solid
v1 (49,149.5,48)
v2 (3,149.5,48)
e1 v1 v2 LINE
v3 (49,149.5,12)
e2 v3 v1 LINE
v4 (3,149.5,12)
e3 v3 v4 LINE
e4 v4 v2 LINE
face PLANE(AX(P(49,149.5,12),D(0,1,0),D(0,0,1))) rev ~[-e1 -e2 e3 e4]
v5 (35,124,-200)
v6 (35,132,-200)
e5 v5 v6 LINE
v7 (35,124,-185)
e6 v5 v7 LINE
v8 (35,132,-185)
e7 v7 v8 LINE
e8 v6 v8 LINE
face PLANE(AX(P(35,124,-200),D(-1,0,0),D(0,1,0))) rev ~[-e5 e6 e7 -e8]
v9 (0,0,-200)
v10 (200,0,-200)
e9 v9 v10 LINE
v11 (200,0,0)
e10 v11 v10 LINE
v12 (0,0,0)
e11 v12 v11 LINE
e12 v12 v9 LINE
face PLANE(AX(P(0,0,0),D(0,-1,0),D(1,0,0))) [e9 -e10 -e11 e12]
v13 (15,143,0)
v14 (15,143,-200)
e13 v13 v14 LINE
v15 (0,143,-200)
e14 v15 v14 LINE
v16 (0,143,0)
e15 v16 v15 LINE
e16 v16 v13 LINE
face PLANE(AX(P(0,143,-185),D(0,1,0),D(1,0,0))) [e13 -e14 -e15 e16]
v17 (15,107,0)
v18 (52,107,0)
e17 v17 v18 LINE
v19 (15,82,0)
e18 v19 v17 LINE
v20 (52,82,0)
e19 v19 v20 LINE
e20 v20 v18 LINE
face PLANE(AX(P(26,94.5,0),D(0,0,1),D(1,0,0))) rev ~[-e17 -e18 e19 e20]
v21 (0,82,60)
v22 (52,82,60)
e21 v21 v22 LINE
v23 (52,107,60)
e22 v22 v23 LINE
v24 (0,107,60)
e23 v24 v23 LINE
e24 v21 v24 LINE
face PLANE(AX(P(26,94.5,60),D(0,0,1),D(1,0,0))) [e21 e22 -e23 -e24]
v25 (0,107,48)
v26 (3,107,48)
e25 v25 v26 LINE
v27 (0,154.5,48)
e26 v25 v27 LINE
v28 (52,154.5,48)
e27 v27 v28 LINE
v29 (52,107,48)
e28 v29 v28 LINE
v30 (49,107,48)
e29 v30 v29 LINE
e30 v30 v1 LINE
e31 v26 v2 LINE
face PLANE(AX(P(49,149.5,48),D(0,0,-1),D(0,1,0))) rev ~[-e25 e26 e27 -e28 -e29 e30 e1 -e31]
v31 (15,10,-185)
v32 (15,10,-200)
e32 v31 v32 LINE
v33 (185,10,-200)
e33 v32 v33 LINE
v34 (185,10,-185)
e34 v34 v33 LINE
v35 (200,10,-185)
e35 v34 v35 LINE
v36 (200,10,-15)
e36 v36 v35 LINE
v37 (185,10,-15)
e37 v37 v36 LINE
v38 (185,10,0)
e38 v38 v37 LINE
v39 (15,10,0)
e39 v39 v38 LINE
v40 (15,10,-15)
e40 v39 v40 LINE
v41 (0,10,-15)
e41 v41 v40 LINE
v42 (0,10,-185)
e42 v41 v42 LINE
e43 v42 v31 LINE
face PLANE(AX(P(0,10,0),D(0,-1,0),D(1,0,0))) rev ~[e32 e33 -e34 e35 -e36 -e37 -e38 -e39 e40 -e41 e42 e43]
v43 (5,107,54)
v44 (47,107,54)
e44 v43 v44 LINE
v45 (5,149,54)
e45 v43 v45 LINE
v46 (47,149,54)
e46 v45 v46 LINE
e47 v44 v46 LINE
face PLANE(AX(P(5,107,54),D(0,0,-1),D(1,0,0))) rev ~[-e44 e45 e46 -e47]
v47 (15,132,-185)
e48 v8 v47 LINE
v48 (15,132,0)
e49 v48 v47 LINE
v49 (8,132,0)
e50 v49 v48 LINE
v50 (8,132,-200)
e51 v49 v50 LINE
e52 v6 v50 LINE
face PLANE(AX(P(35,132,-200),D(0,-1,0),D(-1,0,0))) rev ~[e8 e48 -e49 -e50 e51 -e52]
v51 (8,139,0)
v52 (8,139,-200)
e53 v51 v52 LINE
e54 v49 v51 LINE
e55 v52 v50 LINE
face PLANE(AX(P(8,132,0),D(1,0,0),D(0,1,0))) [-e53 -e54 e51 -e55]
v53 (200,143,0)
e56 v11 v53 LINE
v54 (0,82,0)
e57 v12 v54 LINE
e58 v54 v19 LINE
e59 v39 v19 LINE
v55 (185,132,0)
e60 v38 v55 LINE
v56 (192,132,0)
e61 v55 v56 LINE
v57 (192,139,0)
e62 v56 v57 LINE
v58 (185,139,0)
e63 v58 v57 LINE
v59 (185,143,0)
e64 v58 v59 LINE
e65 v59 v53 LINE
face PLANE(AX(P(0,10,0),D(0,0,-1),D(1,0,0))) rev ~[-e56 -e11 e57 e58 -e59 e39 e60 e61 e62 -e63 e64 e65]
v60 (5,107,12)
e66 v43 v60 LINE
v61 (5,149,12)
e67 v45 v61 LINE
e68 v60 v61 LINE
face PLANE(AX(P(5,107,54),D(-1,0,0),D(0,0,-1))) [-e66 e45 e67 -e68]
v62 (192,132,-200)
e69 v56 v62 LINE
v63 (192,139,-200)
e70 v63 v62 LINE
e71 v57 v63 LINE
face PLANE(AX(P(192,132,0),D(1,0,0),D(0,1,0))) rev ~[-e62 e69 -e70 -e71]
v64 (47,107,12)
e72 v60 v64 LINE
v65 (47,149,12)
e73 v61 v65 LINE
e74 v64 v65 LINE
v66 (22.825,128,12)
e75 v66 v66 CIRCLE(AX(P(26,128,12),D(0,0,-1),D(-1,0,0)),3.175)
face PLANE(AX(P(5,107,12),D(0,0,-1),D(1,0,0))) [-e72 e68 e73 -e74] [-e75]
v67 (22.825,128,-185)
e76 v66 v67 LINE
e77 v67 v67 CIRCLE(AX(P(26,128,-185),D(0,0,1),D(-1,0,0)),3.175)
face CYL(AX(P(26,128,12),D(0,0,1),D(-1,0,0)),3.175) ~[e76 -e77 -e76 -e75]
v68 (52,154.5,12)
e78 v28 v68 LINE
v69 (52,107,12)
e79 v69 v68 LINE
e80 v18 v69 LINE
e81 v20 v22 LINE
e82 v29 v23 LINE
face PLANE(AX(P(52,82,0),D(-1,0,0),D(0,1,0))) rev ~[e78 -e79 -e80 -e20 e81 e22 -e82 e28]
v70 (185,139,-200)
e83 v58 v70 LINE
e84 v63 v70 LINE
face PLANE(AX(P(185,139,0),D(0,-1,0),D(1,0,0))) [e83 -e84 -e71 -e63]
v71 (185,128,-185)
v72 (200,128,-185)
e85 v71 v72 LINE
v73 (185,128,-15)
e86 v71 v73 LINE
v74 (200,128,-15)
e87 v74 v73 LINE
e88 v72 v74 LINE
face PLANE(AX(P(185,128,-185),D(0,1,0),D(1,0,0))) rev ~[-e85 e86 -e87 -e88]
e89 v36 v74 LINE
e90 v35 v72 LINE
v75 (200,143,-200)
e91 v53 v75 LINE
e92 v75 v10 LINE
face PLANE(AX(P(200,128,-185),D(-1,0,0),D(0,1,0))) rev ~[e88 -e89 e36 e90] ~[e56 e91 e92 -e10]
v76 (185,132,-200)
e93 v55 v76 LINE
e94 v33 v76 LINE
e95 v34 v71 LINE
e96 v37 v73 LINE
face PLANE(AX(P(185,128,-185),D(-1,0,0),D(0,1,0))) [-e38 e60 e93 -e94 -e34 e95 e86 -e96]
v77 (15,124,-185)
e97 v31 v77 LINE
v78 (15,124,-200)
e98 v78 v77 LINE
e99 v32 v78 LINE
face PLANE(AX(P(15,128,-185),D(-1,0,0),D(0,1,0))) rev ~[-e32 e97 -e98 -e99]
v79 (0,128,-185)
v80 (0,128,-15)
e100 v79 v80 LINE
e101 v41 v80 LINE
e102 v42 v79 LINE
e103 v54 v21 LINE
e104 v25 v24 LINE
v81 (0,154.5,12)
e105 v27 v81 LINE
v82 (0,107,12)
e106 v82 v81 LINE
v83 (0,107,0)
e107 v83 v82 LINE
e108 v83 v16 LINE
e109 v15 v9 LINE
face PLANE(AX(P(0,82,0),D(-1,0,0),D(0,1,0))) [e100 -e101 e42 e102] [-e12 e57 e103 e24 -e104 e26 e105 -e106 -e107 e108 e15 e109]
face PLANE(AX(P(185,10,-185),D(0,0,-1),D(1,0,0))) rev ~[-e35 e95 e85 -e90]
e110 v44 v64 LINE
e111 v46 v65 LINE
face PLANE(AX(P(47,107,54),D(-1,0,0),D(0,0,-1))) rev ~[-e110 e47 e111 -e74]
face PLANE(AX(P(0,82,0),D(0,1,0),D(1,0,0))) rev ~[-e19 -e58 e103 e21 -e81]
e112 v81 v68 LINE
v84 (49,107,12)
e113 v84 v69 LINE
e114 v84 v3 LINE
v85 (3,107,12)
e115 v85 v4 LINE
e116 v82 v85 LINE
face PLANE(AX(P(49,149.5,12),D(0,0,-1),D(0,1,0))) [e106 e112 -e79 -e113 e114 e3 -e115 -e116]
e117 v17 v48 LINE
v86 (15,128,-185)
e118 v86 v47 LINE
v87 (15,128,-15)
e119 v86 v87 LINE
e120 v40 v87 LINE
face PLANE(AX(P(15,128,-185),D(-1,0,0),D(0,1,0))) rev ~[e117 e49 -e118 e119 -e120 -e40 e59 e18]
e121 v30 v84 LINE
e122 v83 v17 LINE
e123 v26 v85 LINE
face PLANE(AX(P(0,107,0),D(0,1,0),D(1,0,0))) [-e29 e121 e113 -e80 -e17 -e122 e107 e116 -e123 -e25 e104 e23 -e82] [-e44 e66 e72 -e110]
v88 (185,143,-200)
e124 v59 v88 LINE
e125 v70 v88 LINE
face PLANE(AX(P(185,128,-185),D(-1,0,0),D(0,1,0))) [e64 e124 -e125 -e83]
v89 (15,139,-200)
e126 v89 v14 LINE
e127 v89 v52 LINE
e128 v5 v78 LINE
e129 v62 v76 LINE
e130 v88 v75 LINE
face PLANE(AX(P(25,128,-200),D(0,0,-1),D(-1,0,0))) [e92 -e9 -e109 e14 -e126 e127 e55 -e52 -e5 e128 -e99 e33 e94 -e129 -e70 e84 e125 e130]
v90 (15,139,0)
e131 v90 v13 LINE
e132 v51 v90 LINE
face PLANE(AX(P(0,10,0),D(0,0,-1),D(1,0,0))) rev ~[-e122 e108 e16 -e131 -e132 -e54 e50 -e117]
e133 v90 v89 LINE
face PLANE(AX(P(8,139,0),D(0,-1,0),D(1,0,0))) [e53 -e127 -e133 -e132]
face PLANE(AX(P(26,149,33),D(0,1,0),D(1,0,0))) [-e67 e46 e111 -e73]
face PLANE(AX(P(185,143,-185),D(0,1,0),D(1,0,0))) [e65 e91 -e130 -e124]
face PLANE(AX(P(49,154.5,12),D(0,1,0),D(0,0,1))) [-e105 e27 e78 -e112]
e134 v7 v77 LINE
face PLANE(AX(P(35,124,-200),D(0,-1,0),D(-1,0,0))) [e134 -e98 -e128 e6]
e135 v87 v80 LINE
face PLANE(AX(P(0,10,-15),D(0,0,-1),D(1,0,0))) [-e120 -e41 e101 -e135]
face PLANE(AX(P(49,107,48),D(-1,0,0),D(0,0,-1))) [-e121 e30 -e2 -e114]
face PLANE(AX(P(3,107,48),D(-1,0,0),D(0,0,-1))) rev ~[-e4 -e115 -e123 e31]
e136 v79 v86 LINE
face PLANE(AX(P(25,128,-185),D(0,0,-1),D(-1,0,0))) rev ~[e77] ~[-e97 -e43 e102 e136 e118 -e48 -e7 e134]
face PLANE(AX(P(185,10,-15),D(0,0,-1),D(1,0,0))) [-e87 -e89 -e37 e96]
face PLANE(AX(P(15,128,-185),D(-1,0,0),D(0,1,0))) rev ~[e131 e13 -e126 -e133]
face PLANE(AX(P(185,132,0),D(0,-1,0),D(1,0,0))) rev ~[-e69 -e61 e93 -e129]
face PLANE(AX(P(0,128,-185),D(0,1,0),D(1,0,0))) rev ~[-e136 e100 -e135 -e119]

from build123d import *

# Parameters (mm, degrees)
SKETCH_1_W          = 200
SKETCH_1_H          = 10
EXTRUDE_1_DEPTH     = 200
SKETCH_2_W          = 15
SKETCH_2_H          = 15
EXTRUDE_2_DEPTH     = 133
EXTRUDE_3_REACH     = 309.691
SKETCH_6_W          = 15
SKETCH_6_H          = 15
CUT_EXTRUDE_1_REACH = 318.937
SKETCH_7_W          = 7
SKETCH_7_H          = 7
SKETCH_8_W          = 52
SKETCH_8_H          = 25
EXTRUDE_4_DEPTH     = 60
SKETCH_9_W          = 3
SKETCH_9_H          = 36
EXTRUDE_7_DEPTH     = 47.5
SKETCH_12_W         = 42
SKETCH_12_H         = 42
EXTRUDE_8_DEPTH     = 42
EXTRUDE_9_REACH     = 296.4
SKETCH_14_W         = 36
SKETCH_14_H         = 5
SKETCH_15_W         = 20
SKETCH_15_H         = 8
EXTRUDE_10_DEPTH    = 15
EXTRUDE_11_REACH    = 331.87
SKETCH_13_R         = 3.175


with BuildPart() as part:
    # 草图1 → 凸台-拉伸1 (new body)
    with BuildSketch(Plane.XY):
        with Locations((100, 5)):
            Rectangle(SKETCH_1_W, SKETCH_1_H)
    extrude(amount=-EXTRUDE_1_DEPTH)

    # 草图2 → 凸台-拉伸2 (add)
    with BuildSketch(Plane(origin=(0, 10, 0), x_dir=(1, 0, 0), z_dir=(0, 1, 0))):
        with Locations((7.5, 7.5)):
            Rectangle(SKETCH_2_W, SKETCH_2_H)
        with Locations((192.5, 7.5)):
            Rectangle(SKETCH_2_W, SKETCH_2_H)
        with Locations((192.5, 192.5)):
            Rectangle(SKETCH_2_W, SKETCH_2_H)
        with Locations((7.5, 192.5)):
            Rectangle(SKETCH_2_W, SKETCH_2_H)
    extrude(amount=EXTRUDE_2_DEPTH)

    # 草图6 → 凸台-拉伸3 (add, up to next)
    with BuildSketch(Plane.XY.offset(-185), mode=Mode.PRIVATE) as extrude_3_sk1:
        with Locations((7.5, 135.5)):
            Rectangle(SKETCH_6_W, SKETCH_6_H)
    extrude_3_tool1 = extrude(extrude_3_sk1.sketch, amount=EXTRUDE_3_REACH, mode=Mode.PRIVATE) - part.part
    # 草图6 → 凸台-拉伸3 (add, up to next)
    with BuildSketch(Plane.XY.offset(-185), mode=Mode.PRIVATE) as extrude_3_sk2:
        with Locations((192.5, 135.5)):
            Rectangle(SKETCH_6_W, SKETCH_6_H)
    extrude_3_tool2 = extrude(extrude_3_sk2.sketch, amount=EXTRUDE_3_REACH, mode=Mode.PRIVATE) - part.part
    add(extrude_3_tool1.solids().sort_by_distance((7.5, 135.5, -185))[0])
    add(extrude_3_tool2.solids().sort_by_distance((192.5, 135.5, -185))[0])

    # 草图7 → 切除-拉伸1 (cut, up to next)
    with BuildSketch(Plane.XY, mode=Mode.PRIVATE) as cut_extrude_1_sk1:
        with Locations((11.5, 135.5)):
            Rectangle(SKETCH_7_W, SKETCH_7_H)
    cut_extrude_1_tool1 = extrude(cut_extrude_1_sk1.sketch, amount=-CUT_EXTRUDE_1_REACH, mode=Mode.PRIVATE) & part.part
    # 草图7 → 切除-拉伸1 (cut, up to next)
    with BuildSketch(Plane.XY, mode=Mode.PRIVATE) as cut_extrude_1_sk2:
        with Locations((188.5, 135.5)):
            Rectangle(SKETCH_7_W, SKETCH_7_H)
    cut_extrude_1_tool2 = extrude(cut_extrude_1_sk2.sketch, amount=-CUT_EXTRUDE_1_REACH, mode=Mode.PRIVATE) & part.part
    add(cut_extrude_1_tool1.solids().sort_by_distance((11.5, 135.5, 0))[0], mode=Mode.SUBTRACT)
    add(cut_extrude_1_tool2.solids().sort_by_distance((188.5, 135.5, 0))[0], mode=Mode.SUBTRACT)

    # 草图8 → 凸台-拉伸4 (add)
    with BuildSketch(Plane.XY):
        with Locations((26, 94.5)):
            Rectangle(SKETCH_8_W, SKETCH_8_H)
    extrude(amount=EXTRUDE_4_DEPTH)

    # 草图9 → 凸台-拉伸7 (add)
    with BuildSketch(Plane(origin=(0, 107, 0), x_dir=(1, 0, 0), z_dir=(0, 1, 0))):
        with Locations((50.5, -30)):
            Rectangle(SKETCH_9_W, SKETCH_9_H)
        with Locations((1.5, -30)):
            Rectangle(SKETCH_9_W, SKETCH_9_H)
    extrude(amount=EXTRUDE_7_DEPTH)

    # 草图12 → 凸台-拉伸8 (add)
    with BuildSketch(Plane(origin=(0, 107, 0), x_dir=(1, 0, 0), z_dir=(0, 1, 0))):
        with Locations((26, -33)):
            Rectangle(SKETCH_12_W, SKETCH_12_H)
    extrude(amount=EXTRUDE_8_DEPTH)

    # 草图14 → 凸台-拉伸9 (add, up to next)
    with BuildSketch(Plane.ZY.offset(-49), mode=Mode.PRIVATE) as extrude_9_sk1:
        with Locations((30, 152)):
            Rectangle(SKETCH_14_W, SKETCH_14_H)
    extrude_9_tool1 = extrude(extrude_9_sk1.sketch, amount=EXTRUDE_9_REACH, mode=Mode.PRIVATE) - part.part
    add(extrude_9_tool1.solids().sort_by_distance((49, 152, 30))[0])

    # 草图15 → 凸台-拉伸10 (add)
    with BuildSketch(Plane(origin=(0, 0, -200), x_dir=(-1, 0, 0), z_dir=(0, 0, -1))):
        with Locations((-25, 128)):
            Rectangle(SKETCH_15_W, SKETCH_15_H)
    extrude(amount=-EXTRUDE_10_DEPTH)

    # 草图13 → 凸台-拉伸11 (add, up to next)
    with BuildSketch(Plane(origin=(0, 0, 12), x_dir=(-1, 0, 0), z_dir=(0, 0, -1)), mode=Mode.PRIVATE) as extrude_11_sk1:
        with Locations((-26, 128)):
            Circle(SKETCH_13_R)
    extrude_11_tool1 = extrude(extrude_11_sk1.sketch, amount=EXTRUDE_11_REACH, mode=Mode.PRIVATE) - part.part
    add(extrude_11_tool1.solids().sort_by_distance((26, 128, 12))[0])


solid = part.part
